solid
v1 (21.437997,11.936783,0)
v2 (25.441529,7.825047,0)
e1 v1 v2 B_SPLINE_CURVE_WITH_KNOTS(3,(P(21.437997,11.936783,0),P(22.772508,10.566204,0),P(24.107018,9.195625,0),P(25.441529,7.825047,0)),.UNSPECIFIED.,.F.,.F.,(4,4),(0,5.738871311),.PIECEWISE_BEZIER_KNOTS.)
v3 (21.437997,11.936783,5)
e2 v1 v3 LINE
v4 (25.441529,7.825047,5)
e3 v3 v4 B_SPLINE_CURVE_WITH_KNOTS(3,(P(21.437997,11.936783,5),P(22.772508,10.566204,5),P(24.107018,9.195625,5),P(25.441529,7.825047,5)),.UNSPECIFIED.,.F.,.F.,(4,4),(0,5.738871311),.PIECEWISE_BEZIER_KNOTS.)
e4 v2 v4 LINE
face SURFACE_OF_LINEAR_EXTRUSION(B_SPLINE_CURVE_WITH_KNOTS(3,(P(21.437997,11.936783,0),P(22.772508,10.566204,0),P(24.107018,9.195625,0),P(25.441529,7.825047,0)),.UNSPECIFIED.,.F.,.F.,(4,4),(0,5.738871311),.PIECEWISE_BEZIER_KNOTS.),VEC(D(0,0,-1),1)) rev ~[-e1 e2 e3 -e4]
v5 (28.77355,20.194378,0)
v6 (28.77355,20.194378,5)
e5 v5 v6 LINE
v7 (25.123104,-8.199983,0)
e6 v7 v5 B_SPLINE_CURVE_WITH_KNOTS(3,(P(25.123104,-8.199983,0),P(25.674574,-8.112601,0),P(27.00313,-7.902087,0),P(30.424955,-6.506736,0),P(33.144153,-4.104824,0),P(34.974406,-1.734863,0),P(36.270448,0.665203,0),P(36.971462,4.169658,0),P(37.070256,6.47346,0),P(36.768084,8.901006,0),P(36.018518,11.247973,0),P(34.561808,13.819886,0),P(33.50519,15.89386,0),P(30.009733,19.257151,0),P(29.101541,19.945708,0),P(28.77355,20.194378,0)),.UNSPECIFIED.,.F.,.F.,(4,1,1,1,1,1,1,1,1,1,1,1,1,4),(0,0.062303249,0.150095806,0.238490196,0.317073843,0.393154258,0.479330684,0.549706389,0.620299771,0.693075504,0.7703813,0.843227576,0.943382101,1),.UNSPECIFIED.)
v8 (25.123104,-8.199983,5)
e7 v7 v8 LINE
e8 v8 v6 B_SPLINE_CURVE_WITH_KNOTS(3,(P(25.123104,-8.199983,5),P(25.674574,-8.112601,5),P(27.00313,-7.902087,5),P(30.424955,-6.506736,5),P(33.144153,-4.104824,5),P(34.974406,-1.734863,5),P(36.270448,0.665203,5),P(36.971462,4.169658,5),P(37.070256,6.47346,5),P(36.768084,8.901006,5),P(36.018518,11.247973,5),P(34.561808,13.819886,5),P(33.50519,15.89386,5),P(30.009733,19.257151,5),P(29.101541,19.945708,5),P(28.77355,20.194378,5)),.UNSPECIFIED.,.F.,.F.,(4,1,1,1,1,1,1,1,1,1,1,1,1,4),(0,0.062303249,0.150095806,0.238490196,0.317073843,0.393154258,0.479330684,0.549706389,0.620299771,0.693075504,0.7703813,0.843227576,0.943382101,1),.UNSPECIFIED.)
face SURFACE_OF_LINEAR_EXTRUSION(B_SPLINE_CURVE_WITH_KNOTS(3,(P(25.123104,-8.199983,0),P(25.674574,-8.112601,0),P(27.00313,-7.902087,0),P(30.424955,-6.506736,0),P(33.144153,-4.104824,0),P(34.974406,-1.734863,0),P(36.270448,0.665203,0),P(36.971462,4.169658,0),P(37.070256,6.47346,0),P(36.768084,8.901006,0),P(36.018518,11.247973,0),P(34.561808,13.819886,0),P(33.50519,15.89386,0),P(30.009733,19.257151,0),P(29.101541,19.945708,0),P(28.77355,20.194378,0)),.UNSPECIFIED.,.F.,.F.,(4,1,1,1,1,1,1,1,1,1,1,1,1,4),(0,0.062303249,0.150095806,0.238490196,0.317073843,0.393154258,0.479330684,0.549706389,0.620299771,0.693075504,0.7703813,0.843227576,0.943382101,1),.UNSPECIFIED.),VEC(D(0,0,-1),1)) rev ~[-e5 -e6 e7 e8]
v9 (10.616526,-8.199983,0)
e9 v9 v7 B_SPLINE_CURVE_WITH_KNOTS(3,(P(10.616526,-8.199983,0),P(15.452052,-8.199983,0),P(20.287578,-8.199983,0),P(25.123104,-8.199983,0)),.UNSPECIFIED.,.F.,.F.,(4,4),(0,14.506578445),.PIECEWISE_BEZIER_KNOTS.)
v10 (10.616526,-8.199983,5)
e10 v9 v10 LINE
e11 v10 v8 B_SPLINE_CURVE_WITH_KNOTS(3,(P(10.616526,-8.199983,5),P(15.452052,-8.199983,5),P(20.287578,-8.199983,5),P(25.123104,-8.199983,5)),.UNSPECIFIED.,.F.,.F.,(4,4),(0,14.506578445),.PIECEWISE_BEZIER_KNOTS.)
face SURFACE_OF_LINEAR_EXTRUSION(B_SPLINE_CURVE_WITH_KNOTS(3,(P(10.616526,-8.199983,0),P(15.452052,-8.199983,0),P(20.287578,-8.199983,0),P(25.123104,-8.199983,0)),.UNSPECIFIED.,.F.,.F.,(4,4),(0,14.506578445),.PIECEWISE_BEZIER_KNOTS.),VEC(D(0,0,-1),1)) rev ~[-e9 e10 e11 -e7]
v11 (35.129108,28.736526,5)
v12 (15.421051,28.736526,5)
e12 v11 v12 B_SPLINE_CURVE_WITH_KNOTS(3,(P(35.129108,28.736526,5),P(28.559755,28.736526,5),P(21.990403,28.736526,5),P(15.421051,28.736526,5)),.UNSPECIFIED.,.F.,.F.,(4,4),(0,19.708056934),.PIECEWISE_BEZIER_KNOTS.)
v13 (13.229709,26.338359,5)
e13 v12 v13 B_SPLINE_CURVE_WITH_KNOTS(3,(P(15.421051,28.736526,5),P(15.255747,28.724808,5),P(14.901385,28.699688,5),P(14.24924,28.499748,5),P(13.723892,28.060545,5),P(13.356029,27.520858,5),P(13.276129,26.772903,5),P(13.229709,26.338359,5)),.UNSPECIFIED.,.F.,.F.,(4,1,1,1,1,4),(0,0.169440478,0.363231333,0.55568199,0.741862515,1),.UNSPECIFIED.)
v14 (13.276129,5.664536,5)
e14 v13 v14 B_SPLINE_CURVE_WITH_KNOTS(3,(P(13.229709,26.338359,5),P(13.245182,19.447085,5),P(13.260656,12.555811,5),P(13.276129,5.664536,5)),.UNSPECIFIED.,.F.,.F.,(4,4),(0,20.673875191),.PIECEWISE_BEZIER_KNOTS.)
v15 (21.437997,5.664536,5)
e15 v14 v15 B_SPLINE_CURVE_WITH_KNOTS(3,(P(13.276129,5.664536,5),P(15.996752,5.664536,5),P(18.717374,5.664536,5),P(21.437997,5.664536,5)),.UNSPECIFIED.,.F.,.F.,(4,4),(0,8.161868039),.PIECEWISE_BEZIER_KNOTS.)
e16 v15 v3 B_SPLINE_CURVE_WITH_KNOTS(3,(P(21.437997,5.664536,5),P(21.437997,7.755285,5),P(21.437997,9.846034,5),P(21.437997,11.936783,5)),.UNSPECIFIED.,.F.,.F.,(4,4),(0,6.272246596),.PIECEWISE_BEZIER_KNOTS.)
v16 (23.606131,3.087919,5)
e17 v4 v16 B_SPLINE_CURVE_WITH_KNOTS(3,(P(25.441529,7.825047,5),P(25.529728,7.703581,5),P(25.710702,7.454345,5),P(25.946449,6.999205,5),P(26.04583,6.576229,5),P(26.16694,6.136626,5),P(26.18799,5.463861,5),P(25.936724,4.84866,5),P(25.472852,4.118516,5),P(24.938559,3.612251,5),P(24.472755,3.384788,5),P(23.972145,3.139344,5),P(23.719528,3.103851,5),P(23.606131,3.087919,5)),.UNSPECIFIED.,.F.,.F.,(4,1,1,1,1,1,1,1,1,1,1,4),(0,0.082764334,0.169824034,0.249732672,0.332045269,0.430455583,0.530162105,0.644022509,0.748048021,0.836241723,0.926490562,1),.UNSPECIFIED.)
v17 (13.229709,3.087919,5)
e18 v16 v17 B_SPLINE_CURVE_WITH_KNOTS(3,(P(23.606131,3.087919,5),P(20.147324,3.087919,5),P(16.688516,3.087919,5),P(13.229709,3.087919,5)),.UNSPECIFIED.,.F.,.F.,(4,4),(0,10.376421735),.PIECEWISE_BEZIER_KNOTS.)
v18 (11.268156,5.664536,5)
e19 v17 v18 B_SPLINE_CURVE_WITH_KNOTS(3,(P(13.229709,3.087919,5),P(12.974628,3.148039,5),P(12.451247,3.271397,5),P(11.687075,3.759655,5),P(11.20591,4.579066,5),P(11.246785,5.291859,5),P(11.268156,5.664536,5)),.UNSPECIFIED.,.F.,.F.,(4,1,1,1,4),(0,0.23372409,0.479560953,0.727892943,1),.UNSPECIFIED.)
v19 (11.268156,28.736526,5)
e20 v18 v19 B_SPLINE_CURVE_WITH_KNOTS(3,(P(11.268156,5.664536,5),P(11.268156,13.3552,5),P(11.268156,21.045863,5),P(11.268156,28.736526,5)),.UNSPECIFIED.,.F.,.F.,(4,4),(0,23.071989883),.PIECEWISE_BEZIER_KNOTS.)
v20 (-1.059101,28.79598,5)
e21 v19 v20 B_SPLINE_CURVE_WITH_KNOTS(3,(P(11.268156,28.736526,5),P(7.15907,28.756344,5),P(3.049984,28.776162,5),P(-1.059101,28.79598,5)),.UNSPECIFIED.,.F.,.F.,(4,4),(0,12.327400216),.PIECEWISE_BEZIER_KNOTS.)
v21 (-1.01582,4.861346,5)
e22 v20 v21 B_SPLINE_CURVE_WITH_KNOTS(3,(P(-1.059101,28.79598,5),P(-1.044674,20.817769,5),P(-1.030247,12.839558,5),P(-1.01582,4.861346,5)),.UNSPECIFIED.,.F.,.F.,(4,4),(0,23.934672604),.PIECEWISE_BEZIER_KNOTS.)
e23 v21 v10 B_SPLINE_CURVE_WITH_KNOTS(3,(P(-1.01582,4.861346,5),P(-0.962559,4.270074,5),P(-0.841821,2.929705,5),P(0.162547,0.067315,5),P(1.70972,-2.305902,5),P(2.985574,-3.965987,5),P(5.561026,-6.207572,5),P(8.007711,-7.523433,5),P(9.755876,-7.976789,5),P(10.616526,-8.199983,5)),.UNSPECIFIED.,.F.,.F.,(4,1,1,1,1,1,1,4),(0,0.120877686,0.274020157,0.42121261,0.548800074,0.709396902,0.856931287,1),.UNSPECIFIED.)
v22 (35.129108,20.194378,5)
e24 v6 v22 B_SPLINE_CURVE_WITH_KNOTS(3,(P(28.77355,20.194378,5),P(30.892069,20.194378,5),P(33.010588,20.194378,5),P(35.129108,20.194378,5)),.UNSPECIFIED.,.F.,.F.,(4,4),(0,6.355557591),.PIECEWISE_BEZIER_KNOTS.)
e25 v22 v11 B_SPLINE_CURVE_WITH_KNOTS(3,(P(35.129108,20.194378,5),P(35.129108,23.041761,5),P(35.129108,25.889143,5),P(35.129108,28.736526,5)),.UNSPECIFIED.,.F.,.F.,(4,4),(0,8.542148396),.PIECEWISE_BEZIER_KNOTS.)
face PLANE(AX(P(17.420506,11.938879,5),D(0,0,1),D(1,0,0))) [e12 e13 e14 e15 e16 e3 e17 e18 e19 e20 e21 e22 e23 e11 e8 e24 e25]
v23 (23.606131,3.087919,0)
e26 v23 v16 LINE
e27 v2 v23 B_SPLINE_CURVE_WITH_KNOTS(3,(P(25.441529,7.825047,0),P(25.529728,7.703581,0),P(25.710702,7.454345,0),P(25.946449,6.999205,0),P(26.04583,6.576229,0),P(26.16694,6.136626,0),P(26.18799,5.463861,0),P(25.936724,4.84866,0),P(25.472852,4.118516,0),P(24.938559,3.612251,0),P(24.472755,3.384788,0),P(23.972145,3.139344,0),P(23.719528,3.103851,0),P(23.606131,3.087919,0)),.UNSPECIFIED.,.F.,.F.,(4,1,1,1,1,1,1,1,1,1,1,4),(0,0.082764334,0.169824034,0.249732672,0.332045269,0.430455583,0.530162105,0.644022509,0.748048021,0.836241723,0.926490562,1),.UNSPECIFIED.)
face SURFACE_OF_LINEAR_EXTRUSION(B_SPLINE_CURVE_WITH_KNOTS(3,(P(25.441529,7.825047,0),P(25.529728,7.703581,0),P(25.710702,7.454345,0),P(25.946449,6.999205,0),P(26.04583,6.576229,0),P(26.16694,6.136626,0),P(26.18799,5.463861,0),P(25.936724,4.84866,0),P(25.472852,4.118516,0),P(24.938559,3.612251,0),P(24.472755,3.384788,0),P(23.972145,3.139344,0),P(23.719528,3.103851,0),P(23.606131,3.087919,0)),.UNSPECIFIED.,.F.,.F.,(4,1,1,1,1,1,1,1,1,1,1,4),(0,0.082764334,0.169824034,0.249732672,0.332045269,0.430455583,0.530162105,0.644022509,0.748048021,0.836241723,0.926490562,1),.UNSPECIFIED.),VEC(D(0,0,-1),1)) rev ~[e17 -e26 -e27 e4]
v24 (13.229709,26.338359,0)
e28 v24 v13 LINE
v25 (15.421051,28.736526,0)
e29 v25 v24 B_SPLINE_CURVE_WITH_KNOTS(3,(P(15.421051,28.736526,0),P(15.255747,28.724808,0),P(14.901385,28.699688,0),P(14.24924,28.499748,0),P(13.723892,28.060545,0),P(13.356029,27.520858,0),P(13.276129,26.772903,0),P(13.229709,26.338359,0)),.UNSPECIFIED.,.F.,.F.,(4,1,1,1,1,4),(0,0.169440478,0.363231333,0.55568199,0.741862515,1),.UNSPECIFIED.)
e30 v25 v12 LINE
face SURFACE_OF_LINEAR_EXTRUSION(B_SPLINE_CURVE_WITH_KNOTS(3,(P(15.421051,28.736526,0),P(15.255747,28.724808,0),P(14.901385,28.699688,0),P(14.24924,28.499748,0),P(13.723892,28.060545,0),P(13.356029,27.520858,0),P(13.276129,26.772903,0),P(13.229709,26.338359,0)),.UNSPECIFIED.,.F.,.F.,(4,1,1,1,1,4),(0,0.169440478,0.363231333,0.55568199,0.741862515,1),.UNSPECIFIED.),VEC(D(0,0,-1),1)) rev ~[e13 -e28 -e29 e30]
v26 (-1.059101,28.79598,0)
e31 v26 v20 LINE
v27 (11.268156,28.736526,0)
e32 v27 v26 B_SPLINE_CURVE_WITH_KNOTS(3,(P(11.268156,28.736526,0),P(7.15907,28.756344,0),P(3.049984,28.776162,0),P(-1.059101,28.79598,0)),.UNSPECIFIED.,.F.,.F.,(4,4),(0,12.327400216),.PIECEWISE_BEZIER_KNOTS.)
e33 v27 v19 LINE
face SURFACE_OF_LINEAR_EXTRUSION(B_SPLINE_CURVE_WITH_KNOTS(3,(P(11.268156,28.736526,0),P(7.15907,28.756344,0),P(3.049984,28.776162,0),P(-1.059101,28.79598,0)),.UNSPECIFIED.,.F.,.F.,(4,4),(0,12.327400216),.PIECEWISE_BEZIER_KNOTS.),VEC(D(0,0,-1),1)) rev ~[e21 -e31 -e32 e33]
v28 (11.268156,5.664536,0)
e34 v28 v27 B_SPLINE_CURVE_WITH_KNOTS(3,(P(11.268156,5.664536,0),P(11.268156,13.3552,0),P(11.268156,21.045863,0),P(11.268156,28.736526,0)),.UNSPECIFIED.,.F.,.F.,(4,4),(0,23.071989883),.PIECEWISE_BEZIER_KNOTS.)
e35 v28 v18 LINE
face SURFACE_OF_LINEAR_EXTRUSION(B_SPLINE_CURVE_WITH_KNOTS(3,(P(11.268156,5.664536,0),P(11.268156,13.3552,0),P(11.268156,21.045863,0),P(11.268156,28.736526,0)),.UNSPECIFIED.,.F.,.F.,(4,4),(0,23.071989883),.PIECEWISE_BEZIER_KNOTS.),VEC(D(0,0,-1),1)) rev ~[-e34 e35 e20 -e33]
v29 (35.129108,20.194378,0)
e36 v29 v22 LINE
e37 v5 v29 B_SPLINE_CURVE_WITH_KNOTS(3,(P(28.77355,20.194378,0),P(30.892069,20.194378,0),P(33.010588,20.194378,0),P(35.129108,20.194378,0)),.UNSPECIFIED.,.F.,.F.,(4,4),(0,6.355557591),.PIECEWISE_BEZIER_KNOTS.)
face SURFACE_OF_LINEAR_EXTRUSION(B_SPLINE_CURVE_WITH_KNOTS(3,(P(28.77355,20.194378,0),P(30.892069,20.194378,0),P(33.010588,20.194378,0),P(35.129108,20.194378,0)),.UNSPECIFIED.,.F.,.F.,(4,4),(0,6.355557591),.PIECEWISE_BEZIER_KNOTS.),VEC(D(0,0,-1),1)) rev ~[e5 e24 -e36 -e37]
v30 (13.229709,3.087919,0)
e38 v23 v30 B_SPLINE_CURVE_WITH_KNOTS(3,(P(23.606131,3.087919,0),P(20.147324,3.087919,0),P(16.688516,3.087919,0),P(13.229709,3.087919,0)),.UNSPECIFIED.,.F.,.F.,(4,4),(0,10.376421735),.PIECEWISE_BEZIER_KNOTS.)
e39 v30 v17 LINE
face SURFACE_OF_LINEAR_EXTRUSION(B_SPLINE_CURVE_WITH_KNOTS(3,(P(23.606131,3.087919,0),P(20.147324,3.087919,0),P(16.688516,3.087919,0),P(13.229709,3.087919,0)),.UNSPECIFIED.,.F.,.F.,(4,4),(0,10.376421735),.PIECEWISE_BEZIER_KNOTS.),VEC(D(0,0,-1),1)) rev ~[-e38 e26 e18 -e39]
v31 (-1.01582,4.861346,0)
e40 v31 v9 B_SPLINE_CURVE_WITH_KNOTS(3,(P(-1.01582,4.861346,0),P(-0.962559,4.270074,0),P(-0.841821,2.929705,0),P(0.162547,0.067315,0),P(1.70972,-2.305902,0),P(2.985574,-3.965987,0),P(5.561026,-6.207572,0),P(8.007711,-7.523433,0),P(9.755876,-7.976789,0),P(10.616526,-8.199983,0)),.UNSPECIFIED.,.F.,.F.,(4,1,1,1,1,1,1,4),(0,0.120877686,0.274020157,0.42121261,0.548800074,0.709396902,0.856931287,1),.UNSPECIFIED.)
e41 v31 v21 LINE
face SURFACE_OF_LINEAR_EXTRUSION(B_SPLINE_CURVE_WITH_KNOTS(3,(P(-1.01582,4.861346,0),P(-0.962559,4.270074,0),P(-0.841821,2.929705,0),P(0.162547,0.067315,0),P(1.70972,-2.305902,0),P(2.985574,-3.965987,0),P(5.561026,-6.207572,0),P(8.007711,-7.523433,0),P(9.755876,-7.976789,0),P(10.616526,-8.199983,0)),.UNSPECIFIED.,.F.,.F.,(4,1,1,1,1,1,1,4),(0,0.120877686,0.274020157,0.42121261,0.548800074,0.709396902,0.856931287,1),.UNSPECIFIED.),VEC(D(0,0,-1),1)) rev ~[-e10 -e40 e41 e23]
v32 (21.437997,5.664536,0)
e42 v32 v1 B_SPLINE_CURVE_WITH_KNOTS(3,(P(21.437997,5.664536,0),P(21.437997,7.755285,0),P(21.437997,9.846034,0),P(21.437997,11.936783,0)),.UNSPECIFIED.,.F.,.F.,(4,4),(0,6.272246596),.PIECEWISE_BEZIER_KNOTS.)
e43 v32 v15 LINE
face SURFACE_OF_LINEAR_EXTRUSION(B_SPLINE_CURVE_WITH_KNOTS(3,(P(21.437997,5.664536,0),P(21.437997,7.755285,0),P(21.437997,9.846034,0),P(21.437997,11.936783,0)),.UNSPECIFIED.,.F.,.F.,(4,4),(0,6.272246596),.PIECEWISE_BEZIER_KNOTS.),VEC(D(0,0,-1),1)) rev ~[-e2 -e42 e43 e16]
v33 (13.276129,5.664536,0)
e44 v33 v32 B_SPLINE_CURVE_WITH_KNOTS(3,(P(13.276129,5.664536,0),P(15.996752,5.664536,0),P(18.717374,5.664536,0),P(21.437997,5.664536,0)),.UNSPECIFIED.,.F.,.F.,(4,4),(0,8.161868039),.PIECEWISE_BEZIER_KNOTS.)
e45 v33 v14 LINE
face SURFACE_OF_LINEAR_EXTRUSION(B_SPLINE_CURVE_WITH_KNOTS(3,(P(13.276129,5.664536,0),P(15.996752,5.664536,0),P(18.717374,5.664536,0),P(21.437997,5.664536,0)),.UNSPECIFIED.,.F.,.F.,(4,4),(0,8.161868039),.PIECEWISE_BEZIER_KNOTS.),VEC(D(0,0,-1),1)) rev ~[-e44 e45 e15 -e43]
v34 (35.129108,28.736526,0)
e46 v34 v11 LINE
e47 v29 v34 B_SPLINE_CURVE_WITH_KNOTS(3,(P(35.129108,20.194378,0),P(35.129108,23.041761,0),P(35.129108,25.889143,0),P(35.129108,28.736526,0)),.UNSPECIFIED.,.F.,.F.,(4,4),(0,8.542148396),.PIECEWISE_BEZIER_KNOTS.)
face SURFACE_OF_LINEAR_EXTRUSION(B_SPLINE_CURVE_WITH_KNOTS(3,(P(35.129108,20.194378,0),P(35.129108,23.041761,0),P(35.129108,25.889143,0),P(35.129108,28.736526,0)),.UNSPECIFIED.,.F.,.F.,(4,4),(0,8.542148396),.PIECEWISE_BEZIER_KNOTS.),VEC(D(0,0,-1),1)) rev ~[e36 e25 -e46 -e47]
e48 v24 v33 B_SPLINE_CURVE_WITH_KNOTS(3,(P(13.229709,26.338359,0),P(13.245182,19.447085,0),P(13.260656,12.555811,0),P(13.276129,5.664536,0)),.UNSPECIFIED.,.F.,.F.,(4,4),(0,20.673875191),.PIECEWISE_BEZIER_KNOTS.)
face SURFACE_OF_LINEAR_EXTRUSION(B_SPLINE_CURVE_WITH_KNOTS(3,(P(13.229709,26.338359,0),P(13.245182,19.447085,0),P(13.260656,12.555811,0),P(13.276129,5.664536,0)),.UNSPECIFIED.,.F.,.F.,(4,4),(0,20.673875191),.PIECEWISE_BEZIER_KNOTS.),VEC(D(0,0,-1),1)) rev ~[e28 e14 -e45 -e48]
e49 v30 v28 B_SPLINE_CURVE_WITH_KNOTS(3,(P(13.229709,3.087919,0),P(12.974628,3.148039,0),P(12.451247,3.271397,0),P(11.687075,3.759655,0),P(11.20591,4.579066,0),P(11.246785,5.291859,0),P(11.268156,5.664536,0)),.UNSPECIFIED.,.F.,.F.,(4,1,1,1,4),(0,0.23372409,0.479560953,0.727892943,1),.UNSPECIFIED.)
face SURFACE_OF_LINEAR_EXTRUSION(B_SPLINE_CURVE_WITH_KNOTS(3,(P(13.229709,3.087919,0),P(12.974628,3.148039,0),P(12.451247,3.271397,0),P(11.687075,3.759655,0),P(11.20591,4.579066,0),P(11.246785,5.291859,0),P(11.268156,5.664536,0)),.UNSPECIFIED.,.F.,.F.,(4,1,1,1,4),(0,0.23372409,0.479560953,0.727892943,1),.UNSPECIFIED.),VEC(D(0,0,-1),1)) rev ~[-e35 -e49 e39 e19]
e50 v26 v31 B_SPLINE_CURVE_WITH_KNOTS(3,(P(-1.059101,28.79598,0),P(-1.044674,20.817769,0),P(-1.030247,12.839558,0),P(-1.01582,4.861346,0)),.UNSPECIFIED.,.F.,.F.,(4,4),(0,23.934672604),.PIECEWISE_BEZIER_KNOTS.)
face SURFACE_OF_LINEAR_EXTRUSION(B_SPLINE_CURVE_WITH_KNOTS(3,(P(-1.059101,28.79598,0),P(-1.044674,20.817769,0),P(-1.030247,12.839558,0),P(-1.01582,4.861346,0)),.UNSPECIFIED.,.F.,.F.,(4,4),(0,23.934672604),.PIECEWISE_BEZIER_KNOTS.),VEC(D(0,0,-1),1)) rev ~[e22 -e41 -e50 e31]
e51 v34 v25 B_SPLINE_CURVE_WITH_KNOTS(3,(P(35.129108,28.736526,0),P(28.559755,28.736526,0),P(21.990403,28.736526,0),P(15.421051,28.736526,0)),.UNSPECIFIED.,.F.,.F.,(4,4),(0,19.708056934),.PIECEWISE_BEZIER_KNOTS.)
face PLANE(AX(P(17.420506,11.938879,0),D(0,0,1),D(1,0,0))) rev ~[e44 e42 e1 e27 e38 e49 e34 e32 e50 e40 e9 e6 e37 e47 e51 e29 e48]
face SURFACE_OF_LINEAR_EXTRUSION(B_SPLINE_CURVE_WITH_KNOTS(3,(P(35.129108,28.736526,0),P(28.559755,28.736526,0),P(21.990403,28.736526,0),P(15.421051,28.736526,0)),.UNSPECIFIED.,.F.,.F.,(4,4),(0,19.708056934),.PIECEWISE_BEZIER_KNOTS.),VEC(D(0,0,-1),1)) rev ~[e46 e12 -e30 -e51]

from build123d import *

# Parameters (mm, degrees)
F1_DEPTH = 5


with BuildPart() as f1:
    # F0 (on Top) → F1 (new body)
    with BuildSketch(Plane.XY):
        with BuildLine():
            add(Edge.make_bspline(
                [(11.2681556493, 28.7365261465), (7.1590700342, 28.75634407), (3.0499844191, 28.7761619935), (-1.059101196, 28.795979917)],
                knots=[0, 0, 0, 0, 12.3274002158, 12.3274002158, 12.3274002158, 12.3274002158], degree=3))
            add(Edge.make_bspline(
                [(-1.059101196, 28.795979917), (-1.0446740392, 20.81776876), (-1.0302468824, 12.839557603), (-1.0158197256, 4.861346446)],
                knots=[0, 0, 0, 0, 23.9346726044, 23.9346726044, 23.9346726044, 23.9346726044], degree=3))
            add(Edge.make_bspline(
                [(-1.0158197256, 4.861346446), (-0.962558965, 4.2700737976), (-0.841821032, 2.929705455), (0.1625473106, 0.0673154262), (1.7097202715, -2.3059018854), (2.9855736006, -3.9659866784), (5.5610261871, -6.2075717458), (8.0077108697, -7.5234327243), (9.755875593, -7.9767886526), (10.6165260077, -8.1999832764)],
                knots=[0, 0, 0, 0, 0.1208776861, 0.2740201567, 0.4212126096, 0.5488000736, 0.7093969023, 0.8569312873, 1, 1, 1, 1], degree=3))
            add(Edge.make_bspline(
                [(10.6165260077, -8.1999832764), (15.4520521561, -8.1999832764), (20.2875783046, -8.1999832764), (25.1231044531, -8.1999832764)],
                knots=[0, 0, 0, 0, 14.5065784454, 14.5065784454, 14.5065784454, 14.5065784454], degree=3))
            add(Edge.make_bspline(
                [(25.1231044531, -8.1999832764), (25.6745743252, -8.1126009565), (27.0031296821, -7.9020867379), (30.4249550186, -6.5067364992), (33.1441534381, -4.1048236251), (34.9744057878, -1.7348633844), (36.270448498, 0.6652028925), (36.9714622763, 4.1696584768), (37.0702560122, 6.4734598968), (36.7680843684, 8.9010056191), (36.0185178402, 11.247972559), (34.56180813, 13.8198857026), (33.505189661, 15.8938603551), (30.0097325593, 19.2571510261), (29.1015407434, 19.9457075791), (28.7735499442, 20.1943777502)],
                knots=[0, 0, 0, 0, 0.0623032487, 0.1500958058, 0.2384901964, 0.3170738428, 0.3931542584, 0.479330684, 0.5497063894, 0.6202997706, 0.6930755045, 0.7703813003, 0.8432275764, 0.943382101, 1, 1, 1, 1], degree=3))
            add(Edge.make_bspline(
                [(28.7735499442, 20.1943777502), (30.8920691411, 20.1943777502), (33.010588338, 20.1943777502), (35.1291075349, 20.1943777502)],
                knots=[0, 0, 0, 0, 6.3555575907, 6.3555575907, 6.3555575907, 6.3555575907], degree=3))
            add(Edge.make_bspline(
                [(35.1291075349, 20.1943777502), (35.1291075349, 23.0417605489), (35.1291075349, 25.8891433477), (35.1291075349, 28.7365261465)],
                knots=[0, 0, 0, 0, 8.5421483964, 8.5421483964, 8.5421483964, 8.5421483964], degree=3))
            add(Edge.make_bspline(
                [(35.1291075349, 28.7365261465), (28.5597552235, 28.7365261465), (21.9904029121, 28.7365261465), (15.4210506007, 28.7365261465)],
                knots=[0, 0, 0, 0, 19.7080569342, 19.7080569342, 19.7080569342, 19.7080569342], degree=3))
            add(Edge.make_bspline(
                [(15.4210506007, 28.7365261465), (15.2557474204, 28.7248080838), (14.9013852559, 28.6996879497), (14.2492396547, 28.4997481494), (13.7238917077, 28.0605445077), (13.356028905, 27.5208581891), (13.276128959, 26.7729025691), (13.2297091186, 26.338359341)],
                knots=[0, 0, 0, 0, 0.1694404778, 0.3632313325, 0.5556819896, 0.7418625151, 1, 1, 1, 1], degree=3))
            add(Edge.make_bspline(
                [(13.2297091186, 26.338359341), (13.2451823987, 19.4470849819), (13.2606556788, 12.5558106229), (13.276128959, 5.6645362638)],
                knots=[0, 0, 0, 0, 20.6738751914, 20.6738751914, 20.6738751914, 20.6738751914], degree=3))
            add(Edge.make_bspline(
                [(13.276128959, 5.6645362638), (15.9967516388, 5.6645362638), (18.7173743186, 5.6645362638), (21.4379969984, 5.6645362638)],
                knots=[0, 0, 0, 0, 8.1618680395, 8.1618680395, 8.1618680395, 8.1618680395], degree=3))
            add(Edge.make_bspline(
                [(21.4379969984, 5.6645362638), (21.4379969984, 7.755285129), (21.4379969984, 9.8460339941), (21.4379969984, 11.9367828593)],
                knots=[0, 0, 0, 0, 6.2722465955, 6.2722465955, 6.2722465955, 6.2722465955], degree=3))
            add(Edge.make_bspline(
                [(21.4379969984, 11.9367828593), (22.772507742, 10.5662041654), (24.1070184857, 9.1956254716), (25.4415292293, 7.8250467777)],
                knots=[0, 0, 0, 0, 5.7388713113, 5.7388713113, 5.7388713113, 5.7388713113], degree=3))
            add(Edge.make_bspline(
                [(25.4415292293, 7.8250467777), (25.5297276514, 7.7035809656), (25.7107018832, 7.4543454181), (25.946449318, 6.9992047008), (26.0458302499, 6.5762286293), (26.1669398581, 6.136626052), (26.1879899528, 5.4638606404), (25.9367242281, 4.8486600531), (25.4728523647, 4.1185161554), (24.9385585101, 3.6122505365), (24.4727554455, 3.3847876337), (23.9721447658, 3.1393439998), (23.7195279791, 3.1038511305), (23.6061308533, 3.0879187398)],
                knots=[0, 0, 0, 0, 0.0827643343, 0.1698240337, 0.2497326718, 0.3320452687, 0.4304555828, 0.5301621051, 0.6440225092, 0.7480480213, 0.8362417232, 0.9264905624, 1, 1, 1, 1], degree=3))
            add(Edge.make_bspline(
                [(23.6061308533, 3.0879187398), (20.1473236084, 3.0879187398), (16.6885163635, 3.0879187398), (13.2297091186, 3.0879187398)],
                knots=[0, 0, 0, 0, 10.3764217347, 10.3764217347, 10.3764217347, 10.3764217347], degree=3))
            add(Edge.make_bspline(
                [(13.2297091186, 3.0879187398), (12.9746281893, 3.1480394774), (12.4512467379, 3.2713967155), (11.6870748455, 3.7596546411), (11.2059101475, 4.5790662249), (11.2467847281, 5.2918588181), (11.2681556493, 5.6645362638)],
                knots=[0, 0, 0, 0, 0.2337240899, 0.4795609525, 0.7278929429, 1, 1, 1, 1], degree=3))
            add(Edge.make_bspline(
                [(11.2681556493, 5.6645362638), (11.2681556493, 13.355199558), (11.2681556493, 21.0458628523), (11.2681556493, 28.7365261465)],
                knots=[0, 0, 0, 0, 23.0719898827, 23.0719898827, 23.0719898827, 23.0719898827], degree=3))
        make_face()
    extrude(amount=F1_DEPTH)


solid = f1.part
